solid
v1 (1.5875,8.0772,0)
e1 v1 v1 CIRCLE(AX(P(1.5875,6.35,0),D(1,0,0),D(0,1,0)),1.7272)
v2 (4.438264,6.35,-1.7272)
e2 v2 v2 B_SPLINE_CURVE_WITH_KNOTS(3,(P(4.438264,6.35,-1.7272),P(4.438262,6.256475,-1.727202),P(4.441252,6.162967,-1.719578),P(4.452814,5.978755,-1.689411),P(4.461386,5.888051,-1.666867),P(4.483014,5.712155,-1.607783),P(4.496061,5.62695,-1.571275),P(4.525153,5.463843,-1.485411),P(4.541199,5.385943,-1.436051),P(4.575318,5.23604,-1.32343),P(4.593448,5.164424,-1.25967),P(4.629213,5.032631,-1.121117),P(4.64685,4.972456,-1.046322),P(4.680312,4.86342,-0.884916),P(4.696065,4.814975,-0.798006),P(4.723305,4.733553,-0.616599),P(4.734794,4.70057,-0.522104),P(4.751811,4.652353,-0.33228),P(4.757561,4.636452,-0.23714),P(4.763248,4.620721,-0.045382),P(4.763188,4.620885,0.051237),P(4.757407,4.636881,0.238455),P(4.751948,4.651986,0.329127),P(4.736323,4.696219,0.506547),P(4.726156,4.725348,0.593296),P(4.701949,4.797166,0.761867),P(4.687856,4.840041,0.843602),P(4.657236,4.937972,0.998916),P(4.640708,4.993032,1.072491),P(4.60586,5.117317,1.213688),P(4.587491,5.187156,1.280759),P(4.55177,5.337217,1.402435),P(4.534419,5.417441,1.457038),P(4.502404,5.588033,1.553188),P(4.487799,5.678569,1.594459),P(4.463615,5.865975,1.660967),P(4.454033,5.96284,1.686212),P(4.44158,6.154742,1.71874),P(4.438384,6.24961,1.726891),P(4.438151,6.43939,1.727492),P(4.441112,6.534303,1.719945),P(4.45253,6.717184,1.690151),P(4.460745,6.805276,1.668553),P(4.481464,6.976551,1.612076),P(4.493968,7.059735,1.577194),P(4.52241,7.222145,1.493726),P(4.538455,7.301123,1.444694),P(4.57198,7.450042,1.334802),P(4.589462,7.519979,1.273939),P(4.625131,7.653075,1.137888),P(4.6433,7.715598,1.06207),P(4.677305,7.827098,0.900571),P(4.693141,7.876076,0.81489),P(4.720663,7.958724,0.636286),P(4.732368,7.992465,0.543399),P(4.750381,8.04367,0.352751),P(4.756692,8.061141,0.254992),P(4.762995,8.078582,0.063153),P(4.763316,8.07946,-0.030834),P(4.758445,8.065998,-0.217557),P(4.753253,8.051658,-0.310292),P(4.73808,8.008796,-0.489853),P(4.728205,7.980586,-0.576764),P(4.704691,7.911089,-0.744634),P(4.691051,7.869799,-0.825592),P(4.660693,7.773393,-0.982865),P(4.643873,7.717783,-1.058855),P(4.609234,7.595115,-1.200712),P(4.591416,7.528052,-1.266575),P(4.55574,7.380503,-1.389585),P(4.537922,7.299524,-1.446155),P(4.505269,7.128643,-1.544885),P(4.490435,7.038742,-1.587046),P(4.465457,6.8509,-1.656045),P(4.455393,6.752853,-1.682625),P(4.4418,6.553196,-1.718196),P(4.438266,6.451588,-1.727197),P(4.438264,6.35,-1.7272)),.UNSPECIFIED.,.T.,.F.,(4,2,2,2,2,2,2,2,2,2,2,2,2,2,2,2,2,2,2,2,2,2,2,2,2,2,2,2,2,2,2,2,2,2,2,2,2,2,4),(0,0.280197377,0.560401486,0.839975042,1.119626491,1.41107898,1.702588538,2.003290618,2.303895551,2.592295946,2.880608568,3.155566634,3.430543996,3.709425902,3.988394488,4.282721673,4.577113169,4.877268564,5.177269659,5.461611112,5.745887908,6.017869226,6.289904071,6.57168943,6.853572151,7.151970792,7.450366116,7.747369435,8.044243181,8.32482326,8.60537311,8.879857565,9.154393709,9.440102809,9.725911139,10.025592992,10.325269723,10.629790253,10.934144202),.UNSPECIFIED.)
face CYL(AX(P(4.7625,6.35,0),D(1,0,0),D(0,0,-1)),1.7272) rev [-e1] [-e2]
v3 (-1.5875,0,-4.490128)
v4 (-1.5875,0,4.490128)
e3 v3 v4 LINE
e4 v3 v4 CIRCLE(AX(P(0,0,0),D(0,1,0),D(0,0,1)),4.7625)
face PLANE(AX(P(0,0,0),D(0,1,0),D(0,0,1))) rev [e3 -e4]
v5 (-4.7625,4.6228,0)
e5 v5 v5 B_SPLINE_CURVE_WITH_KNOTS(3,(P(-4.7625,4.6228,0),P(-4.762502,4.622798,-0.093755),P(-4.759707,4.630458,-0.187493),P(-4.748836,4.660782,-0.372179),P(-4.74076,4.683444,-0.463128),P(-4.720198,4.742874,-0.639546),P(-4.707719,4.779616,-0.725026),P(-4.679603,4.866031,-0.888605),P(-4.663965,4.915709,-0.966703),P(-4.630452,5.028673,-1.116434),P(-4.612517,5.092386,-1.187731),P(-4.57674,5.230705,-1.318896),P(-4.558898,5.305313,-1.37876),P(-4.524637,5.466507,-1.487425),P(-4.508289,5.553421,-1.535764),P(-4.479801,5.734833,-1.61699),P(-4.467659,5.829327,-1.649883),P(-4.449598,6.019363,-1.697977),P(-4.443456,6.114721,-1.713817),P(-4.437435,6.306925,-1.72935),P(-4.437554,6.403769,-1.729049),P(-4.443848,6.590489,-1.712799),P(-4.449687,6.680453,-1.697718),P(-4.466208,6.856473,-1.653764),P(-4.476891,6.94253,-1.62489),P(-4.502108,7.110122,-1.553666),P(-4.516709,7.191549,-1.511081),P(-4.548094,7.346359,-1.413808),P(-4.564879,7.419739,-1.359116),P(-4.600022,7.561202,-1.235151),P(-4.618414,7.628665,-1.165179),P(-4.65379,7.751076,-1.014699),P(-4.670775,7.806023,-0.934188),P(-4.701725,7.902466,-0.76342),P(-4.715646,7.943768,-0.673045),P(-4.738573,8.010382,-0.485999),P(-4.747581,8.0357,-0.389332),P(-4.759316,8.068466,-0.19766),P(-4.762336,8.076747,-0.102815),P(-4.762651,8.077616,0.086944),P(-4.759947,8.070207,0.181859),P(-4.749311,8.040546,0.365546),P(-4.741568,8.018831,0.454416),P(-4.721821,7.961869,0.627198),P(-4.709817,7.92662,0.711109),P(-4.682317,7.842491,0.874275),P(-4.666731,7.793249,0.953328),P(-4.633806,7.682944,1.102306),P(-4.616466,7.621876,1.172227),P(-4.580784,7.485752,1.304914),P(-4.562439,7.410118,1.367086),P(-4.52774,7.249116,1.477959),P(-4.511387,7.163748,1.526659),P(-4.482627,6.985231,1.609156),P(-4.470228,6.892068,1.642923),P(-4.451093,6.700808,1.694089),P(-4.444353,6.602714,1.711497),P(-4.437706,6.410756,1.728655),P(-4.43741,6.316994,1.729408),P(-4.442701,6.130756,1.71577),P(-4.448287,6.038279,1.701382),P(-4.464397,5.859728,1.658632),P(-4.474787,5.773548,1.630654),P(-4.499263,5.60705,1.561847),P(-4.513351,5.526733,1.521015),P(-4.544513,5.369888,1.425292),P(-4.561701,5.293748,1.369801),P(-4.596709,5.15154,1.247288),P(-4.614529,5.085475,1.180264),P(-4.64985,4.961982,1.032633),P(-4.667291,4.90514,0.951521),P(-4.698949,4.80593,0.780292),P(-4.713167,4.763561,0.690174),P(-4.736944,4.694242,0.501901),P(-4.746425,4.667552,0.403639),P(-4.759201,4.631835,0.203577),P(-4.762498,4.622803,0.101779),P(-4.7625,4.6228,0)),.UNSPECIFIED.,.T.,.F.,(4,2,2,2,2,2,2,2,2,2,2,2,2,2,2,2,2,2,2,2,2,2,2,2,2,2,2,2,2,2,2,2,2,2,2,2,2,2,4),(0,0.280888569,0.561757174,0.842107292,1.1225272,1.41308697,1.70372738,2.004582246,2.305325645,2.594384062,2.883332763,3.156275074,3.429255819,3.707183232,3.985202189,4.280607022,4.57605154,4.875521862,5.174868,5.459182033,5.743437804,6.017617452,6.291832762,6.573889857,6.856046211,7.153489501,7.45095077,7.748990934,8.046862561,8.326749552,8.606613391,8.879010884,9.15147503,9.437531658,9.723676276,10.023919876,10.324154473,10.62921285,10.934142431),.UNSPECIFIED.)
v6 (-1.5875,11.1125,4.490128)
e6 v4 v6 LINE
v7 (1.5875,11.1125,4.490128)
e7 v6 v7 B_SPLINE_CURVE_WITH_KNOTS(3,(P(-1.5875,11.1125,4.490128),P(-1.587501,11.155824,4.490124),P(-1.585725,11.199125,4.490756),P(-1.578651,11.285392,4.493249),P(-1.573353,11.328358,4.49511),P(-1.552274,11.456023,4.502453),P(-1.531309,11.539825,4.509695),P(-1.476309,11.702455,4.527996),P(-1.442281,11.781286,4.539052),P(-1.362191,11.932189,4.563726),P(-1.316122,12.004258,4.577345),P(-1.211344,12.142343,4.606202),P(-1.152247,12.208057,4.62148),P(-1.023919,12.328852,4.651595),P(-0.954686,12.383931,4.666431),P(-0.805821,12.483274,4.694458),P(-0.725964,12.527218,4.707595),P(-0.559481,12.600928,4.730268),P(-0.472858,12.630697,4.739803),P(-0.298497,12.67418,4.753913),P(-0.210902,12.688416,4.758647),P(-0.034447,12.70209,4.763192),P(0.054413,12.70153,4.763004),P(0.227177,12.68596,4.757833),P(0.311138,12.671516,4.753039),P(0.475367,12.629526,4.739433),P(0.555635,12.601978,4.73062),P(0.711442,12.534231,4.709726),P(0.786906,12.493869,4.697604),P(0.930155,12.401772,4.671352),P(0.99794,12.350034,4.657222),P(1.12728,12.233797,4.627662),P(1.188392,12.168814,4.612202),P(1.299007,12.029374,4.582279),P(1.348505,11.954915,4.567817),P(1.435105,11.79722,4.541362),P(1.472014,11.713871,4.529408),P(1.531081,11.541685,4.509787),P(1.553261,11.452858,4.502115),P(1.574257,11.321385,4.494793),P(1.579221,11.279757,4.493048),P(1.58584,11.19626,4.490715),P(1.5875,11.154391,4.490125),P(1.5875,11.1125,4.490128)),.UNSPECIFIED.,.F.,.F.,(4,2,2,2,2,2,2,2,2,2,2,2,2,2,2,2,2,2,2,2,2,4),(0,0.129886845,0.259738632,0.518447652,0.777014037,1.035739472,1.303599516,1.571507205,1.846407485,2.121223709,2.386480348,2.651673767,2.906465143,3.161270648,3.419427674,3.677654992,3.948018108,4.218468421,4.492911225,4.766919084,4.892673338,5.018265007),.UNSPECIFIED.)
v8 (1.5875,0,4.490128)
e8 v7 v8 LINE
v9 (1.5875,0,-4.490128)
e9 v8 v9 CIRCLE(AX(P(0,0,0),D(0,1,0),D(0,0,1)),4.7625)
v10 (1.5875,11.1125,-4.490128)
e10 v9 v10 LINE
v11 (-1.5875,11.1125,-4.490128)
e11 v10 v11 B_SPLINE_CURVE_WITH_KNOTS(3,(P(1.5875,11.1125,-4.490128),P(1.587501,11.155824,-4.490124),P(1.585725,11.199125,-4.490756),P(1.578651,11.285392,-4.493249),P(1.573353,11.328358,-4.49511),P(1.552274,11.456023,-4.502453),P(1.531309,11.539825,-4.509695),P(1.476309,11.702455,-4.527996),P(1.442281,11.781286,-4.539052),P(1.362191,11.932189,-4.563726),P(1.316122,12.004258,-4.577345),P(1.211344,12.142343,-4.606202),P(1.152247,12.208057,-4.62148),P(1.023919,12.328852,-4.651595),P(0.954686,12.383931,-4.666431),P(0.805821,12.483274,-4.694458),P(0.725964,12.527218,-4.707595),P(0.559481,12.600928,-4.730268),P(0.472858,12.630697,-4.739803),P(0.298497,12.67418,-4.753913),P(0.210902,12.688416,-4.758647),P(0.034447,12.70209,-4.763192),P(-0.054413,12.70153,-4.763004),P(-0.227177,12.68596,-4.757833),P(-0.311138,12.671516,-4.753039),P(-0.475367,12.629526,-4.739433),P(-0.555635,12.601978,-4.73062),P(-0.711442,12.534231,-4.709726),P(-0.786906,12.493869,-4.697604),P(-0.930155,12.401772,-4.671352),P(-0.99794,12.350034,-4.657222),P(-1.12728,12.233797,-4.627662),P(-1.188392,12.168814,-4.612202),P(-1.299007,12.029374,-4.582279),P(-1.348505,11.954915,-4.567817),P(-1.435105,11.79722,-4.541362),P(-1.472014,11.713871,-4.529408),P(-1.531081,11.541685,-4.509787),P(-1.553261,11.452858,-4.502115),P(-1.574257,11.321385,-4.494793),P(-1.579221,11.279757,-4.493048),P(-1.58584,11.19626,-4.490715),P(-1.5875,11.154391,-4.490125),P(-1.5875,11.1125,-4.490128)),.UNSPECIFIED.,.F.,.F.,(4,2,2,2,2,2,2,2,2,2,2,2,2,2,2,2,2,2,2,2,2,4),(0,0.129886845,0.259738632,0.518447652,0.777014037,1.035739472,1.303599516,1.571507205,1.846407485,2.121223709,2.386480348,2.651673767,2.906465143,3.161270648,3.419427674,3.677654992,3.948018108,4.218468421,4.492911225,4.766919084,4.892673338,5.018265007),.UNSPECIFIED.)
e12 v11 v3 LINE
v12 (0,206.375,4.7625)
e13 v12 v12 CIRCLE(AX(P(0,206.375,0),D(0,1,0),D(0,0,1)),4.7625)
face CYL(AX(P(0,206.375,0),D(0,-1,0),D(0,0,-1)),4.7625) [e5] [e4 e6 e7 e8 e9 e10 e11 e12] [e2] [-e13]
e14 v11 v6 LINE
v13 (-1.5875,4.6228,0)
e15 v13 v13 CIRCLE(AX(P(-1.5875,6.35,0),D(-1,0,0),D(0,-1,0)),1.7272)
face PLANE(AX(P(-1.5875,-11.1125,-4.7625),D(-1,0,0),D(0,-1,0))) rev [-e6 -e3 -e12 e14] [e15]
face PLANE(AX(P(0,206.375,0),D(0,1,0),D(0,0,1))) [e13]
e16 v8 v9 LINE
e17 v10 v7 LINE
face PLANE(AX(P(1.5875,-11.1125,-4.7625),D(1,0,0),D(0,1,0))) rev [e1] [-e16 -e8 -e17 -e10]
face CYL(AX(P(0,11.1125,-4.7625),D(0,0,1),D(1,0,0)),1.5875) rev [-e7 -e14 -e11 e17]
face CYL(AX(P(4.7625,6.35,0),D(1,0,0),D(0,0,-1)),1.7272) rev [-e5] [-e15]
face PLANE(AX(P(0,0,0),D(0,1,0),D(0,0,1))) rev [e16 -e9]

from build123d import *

# Parameters (mm, degrees)
SKETCH1_R               = 4.7625
BOSS_EXTRUDE1_DEPTH     = 206.375
CUT_EXTRUDE1_DEPTH      = 5.7625
CUT_EXTRUDE1_DEPTH_BACK = 5.7625
F_8_32_TAPPED_HOLE1_D   = 3.4544


with BuildPart() as part:
    # Sketch1 → Boss-Extrude1 (new body)
    with BuildSketch(Plane(origin=(0, 0, 0), x_dir=(1, 0, 0), z_dir=(0, 1, 0))):
        Circle(SKETCH1_R)
    extrude(amount=BOSS_EXTRUDE1_DEPTH)

    # Sketch2 → Cut-Extrude1 (cut, two sides)
    with BuildSketch(Plane.XY) as cut_extrude1_sk:
        with BuildLine():
            Line((-1.5875, -11.1125), (-1.5875, 11.1125))
            ThreePointArc((-1.5875, 11.1125), (0, 12.7), (1.5875, 11.1125))
            Line((1.5875, 11.1125), (1.5875, -11.1125))
            ThreePointArc((1.5875, -11.1125), (0, -12.7), (-1.5875, -11.1125))
        make_face()
    extrude(amount=CUT_EXTRUDE1_DEPTH, mode=Mode.SUBTRACT)
    extrude(cut_extrude1_sk.sketch, amount=-CUT_EXTRUDE1_DEPTH_BACK, mode=Mode.SUBTRACT)

    # #8-32 Tapped Hole1 (through all)
    with Locations(Plane(origin=(4.7625, 0, 0), x_dir=(0, 0, -1), z_dir=(1, 0, 0))):
        with Locations((0, 6.35)):
            Hole(F_8_32_TAPPED_HOLE1_D / 2)


solid = part.part
